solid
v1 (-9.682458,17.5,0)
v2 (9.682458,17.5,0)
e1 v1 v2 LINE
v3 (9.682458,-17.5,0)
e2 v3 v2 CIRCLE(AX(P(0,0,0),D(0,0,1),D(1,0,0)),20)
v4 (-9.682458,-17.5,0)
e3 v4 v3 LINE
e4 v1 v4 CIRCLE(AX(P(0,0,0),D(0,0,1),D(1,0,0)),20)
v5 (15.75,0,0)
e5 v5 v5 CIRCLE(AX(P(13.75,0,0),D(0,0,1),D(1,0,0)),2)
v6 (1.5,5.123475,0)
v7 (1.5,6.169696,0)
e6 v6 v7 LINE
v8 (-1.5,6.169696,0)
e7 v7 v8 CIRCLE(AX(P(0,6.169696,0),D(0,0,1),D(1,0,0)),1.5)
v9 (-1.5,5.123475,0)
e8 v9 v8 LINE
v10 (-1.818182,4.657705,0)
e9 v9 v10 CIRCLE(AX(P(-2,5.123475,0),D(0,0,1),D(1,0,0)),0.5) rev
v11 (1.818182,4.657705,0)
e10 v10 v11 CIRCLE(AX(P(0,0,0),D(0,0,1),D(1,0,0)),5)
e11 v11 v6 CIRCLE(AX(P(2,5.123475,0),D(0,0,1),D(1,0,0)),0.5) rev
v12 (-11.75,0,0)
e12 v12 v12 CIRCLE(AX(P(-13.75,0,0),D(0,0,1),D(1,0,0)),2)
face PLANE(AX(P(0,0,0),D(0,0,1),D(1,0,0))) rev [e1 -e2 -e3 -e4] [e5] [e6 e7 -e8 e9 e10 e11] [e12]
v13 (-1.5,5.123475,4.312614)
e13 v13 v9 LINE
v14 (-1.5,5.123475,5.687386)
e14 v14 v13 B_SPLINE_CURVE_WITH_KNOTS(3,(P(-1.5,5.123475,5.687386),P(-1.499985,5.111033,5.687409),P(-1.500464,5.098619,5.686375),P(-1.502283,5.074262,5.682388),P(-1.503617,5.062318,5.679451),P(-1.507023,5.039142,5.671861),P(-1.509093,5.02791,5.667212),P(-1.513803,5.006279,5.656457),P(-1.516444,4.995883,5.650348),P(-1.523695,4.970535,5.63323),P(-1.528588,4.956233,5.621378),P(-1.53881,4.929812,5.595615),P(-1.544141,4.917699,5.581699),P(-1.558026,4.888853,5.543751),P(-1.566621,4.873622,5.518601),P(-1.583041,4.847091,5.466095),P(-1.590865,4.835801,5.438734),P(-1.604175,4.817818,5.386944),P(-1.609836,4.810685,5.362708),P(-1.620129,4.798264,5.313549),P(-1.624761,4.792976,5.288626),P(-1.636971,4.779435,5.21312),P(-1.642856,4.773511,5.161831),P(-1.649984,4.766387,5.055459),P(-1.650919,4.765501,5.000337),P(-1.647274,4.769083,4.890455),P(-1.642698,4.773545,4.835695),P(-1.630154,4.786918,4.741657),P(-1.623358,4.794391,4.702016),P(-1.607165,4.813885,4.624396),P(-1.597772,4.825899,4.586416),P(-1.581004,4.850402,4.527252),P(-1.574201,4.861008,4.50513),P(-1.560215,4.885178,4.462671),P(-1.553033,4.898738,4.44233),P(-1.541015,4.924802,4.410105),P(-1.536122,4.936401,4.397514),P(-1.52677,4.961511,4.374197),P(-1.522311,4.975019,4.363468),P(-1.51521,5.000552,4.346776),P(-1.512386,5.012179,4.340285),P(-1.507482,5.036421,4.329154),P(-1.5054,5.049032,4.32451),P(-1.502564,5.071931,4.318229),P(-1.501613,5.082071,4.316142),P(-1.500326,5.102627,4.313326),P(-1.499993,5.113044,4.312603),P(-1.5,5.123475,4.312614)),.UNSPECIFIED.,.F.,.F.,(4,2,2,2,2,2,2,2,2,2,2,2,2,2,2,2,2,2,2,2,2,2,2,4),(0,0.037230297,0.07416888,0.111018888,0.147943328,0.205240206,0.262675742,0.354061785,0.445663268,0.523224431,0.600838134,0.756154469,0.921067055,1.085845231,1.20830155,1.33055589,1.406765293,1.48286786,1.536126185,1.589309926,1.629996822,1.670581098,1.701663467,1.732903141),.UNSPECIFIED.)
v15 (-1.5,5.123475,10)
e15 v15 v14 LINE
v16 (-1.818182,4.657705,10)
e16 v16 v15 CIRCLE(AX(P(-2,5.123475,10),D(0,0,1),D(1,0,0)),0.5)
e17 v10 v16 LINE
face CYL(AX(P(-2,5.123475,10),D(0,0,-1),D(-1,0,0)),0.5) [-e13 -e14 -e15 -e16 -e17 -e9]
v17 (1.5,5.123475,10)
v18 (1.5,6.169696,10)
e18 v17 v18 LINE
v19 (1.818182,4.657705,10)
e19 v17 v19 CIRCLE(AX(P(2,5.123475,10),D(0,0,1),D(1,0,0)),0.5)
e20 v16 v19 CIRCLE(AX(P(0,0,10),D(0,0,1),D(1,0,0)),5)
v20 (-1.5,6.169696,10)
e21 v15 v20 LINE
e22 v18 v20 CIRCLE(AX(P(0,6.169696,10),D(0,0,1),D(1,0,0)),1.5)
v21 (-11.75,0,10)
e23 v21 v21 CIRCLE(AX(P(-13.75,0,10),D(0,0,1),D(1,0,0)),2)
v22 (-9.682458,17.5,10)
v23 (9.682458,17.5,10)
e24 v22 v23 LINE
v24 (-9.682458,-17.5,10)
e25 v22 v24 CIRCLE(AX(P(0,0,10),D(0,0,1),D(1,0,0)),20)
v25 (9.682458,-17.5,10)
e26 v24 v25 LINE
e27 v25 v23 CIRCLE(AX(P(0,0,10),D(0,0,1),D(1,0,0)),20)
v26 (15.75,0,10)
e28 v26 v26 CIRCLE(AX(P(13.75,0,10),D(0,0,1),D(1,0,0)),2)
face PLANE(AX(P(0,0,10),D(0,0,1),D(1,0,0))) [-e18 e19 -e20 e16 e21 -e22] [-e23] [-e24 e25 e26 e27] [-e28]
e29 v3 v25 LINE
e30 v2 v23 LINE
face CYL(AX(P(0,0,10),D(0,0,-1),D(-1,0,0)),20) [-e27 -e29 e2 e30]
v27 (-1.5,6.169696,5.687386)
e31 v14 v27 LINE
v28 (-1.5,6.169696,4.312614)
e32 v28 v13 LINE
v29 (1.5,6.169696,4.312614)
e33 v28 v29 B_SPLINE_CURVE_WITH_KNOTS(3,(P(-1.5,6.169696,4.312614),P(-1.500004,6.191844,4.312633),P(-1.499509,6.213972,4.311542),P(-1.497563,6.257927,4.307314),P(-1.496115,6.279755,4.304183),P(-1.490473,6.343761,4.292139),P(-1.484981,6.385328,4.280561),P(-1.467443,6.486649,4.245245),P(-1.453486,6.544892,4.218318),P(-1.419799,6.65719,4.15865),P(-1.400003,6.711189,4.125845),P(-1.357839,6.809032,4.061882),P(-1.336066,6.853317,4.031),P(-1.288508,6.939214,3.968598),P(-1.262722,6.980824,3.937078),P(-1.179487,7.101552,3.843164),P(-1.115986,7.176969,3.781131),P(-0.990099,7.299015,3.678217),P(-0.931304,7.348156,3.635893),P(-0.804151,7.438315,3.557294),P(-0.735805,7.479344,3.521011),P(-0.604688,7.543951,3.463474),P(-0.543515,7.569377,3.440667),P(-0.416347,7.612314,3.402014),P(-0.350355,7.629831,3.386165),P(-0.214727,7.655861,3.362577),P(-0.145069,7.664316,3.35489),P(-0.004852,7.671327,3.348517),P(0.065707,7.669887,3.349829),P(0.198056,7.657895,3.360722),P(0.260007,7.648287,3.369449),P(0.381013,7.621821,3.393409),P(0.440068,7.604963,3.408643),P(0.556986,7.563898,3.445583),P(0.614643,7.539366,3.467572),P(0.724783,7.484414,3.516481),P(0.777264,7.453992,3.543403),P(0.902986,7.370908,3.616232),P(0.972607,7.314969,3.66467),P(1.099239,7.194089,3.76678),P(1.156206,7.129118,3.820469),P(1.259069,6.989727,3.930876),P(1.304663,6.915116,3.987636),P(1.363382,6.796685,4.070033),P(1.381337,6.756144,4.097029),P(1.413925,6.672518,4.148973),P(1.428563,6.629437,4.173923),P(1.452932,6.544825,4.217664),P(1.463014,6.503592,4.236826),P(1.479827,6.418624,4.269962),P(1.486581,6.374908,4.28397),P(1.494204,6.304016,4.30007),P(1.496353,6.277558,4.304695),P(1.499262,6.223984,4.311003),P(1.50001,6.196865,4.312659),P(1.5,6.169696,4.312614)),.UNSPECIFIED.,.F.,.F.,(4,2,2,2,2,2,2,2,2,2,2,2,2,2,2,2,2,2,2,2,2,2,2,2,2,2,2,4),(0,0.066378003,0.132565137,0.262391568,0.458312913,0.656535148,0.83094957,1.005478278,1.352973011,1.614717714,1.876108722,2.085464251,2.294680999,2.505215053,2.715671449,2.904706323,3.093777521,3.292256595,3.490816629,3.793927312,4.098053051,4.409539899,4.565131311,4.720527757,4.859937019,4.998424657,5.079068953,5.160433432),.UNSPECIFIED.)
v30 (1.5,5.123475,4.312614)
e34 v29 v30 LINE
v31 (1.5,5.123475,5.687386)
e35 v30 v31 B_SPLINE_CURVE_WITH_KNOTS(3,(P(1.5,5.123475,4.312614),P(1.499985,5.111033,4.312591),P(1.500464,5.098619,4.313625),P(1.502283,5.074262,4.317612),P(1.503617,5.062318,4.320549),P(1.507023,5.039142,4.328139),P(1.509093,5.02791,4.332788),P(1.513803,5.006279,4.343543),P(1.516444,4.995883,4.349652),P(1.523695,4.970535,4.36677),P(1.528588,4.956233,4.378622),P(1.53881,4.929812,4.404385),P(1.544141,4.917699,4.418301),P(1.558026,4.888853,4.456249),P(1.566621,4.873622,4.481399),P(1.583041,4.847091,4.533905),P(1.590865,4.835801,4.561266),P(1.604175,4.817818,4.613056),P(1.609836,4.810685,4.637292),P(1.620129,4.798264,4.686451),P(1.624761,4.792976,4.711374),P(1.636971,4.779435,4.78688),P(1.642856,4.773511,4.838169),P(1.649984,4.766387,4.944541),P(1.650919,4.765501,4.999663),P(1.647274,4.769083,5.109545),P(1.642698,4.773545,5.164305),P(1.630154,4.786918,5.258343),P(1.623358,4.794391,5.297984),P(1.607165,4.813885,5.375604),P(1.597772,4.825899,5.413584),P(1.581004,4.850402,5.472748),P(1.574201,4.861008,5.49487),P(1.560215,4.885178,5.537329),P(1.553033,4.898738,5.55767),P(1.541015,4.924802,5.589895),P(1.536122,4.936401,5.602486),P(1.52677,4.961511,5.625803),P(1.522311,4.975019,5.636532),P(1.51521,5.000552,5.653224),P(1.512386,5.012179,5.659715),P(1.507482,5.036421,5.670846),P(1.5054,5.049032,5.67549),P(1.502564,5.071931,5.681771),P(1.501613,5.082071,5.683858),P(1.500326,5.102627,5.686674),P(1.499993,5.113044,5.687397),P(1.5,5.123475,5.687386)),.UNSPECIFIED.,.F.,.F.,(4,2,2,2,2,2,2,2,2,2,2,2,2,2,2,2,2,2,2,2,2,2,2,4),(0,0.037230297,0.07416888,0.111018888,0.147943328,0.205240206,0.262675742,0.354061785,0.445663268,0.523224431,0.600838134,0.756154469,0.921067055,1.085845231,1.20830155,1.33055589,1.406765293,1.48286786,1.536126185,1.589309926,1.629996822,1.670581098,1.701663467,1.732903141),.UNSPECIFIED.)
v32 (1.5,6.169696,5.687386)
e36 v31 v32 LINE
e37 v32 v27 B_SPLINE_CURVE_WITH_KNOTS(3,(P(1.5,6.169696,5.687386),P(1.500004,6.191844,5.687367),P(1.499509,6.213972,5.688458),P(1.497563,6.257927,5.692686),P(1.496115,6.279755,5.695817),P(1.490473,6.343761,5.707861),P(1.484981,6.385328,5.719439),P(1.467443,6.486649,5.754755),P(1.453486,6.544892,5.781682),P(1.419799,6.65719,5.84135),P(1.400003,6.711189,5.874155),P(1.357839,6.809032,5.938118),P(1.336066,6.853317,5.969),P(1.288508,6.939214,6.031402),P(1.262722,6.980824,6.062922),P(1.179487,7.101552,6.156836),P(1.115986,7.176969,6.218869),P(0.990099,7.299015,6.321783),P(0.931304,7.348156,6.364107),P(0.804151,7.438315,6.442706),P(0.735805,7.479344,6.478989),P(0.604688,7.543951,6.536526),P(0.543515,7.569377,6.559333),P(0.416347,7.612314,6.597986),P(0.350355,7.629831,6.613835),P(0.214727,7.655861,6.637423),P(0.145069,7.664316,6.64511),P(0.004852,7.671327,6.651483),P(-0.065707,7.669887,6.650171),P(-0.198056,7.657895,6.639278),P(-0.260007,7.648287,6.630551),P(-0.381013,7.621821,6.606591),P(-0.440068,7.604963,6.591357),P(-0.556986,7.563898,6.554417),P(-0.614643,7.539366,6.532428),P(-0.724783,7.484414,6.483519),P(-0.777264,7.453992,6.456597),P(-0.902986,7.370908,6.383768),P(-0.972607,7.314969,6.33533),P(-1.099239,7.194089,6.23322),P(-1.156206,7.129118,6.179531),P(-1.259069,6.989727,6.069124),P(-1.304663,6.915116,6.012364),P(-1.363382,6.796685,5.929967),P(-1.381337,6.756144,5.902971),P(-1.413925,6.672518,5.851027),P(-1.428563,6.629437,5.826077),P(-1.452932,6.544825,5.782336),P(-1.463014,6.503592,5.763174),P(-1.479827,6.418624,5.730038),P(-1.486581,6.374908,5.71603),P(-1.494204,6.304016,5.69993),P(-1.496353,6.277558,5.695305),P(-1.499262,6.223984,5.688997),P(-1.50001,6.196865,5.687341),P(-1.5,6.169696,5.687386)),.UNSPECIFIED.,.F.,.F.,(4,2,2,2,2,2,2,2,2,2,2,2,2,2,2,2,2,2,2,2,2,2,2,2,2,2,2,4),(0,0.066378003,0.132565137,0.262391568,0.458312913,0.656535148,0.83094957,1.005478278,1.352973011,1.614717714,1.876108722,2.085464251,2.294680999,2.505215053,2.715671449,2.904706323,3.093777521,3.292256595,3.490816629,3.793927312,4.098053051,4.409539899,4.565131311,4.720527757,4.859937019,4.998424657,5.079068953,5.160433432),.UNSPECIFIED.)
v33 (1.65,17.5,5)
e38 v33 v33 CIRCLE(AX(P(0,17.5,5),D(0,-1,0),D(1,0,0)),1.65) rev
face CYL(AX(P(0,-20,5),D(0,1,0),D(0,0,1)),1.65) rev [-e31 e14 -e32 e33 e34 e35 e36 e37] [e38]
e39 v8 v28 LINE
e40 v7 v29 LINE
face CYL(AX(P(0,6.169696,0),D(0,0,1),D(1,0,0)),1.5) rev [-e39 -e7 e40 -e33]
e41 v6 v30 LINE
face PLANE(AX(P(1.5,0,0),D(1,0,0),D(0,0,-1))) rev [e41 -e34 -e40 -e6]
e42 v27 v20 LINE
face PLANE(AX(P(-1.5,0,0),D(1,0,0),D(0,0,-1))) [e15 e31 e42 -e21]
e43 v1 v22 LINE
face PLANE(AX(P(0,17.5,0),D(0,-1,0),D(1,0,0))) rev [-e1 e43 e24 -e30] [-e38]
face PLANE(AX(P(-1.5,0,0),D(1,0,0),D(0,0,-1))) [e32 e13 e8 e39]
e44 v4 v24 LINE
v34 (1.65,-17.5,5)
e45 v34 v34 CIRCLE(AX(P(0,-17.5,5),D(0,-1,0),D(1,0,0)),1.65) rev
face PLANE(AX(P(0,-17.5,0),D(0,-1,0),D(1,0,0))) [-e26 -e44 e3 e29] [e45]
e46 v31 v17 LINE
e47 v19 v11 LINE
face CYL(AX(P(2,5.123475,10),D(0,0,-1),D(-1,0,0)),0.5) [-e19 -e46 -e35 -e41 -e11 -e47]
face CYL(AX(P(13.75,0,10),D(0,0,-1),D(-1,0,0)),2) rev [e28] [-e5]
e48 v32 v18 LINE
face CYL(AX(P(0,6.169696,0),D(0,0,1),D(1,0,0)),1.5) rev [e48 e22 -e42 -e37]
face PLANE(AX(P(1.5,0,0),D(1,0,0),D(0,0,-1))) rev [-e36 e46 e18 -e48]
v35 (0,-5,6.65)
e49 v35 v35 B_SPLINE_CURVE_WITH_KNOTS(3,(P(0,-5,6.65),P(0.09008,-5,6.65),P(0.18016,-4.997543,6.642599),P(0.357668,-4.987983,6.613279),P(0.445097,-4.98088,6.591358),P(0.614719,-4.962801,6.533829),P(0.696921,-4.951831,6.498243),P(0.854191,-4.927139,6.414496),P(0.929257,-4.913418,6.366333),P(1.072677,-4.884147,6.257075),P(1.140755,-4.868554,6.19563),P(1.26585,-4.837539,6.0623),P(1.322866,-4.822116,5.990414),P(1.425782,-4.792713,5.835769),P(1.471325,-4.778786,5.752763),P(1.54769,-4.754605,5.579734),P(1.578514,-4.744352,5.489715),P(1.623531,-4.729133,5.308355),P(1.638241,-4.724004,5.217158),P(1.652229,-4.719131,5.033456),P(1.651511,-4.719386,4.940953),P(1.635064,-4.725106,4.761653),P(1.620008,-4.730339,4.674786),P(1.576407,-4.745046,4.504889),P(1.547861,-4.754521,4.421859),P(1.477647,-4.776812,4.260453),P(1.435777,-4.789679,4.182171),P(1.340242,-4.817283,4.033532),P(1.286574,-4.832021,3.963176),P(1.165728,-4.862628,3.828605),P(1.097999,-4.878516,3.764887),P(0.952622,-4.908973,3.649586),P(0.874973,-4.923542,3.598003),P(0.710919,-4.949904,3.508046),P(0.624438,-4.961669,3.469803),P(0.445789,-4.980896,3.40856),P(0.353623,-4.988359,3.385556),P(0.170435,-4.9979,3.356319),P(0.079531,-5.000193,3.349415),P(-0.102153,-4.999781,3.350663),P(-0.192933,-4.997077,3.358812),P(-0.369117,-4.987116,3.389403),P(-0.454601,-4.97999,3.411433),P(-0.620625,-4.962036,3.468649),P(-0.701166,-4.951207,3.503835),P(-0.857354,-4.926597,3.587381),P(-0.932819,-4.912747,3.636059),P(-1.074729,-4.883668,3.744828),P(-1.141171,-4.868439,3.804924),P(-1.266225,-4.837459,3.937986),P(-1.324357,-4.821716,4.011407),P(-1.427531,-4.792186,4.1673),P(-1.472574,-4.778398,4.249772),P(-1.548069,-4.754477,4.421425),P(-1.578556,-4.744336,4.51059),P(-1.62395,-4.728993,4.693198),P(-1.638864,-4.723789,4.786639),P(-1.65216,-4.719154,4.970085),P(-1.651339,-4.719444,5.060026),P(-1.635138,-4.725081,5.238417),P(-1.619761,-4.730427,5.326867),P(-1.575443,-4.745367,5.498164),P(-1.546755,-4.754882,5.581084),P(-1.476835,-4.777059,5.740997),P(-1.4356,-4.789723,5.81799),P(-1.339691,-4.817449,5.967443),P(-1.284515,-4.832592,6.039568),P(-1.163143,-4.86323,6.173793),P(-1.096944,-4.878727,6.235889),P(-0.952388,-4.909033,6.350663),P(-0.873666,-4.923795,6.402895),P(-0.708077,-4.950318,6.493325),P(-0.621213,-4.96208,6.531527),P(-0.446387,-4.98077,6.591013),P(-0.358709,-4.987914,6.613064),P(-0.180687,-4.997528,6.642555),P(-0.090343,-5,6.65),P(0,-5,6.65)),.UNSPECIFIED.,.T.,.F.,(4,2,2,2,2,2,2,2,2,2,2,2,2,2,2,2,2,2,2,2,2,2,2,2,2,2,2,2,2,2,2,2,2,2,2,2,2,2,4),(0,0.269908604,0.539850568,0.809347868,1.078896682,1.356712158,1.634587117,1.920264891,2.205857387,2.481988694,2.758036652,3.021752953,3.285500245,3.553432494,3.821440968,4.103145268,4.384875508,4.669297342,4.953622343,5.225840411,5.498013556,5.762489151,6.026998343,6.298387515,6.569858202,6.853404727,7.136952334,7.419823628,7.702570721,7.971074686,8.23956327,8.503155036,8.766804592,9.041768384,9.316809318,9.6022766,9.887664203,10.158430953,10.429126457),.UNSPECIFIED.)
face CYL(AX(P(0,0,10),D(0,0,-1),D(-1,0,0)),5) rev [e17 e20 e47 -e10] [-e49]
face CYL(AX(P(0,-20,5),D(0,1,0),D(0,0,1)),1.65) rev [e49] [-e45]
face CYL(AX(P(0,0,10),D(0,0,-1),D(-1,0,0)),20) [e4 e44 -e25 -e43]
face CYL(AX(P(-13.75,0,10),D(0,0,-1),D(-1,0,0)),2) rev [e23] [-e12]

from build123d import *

# Parameters (mm, degrees)
SKETCH_1_R               = 20
SKETCH_1_R_2             = 5
SKETCH_1_R_3             = 1.9999999999999996
SKETCH_1_R_4             = 2.0000000000000013
EXTRUDE_1_DEPTH          = 10
CUT_EXTRUDE_1_DEPTH      = 31
CUT_EXTRUDE_1_DEPTH_BACK = 31
SKETCH_2_R               = 1.6500000000000001
CUT_EXTRUDE_2_DEPTH      = 31.00000018509541
CUT_EXTRUDE_3_DEPTH      = 31.00000018509541
FILLET_1_R               = 0.5


with BuildPart() as part:
    # ｽｹｯﾁ1 → ﾎﾞｽ - 押し出し1 (new body)
    with BuildSketch(Plane.XY):
        Circle(SKETCH_1_R)
        Circle(SKETCH_1_R_2, mode=Mode.SUBTRACT)
        with Locations((-13.75, 0)):
            Circle(SKETCH_1_R_3, mode=Mode.SUBTRACT)
        with Locations((13.75, 0)):
            Circle(SKETCH_1_R_4, mode=Mode.SUBTRACT)
    extrude(amount=EXTRUDE_1_DEPTH)

    # ｽｹｯﾁ2 → ｶｯﾄ - 押し出し1 (cut, two sides: drawn at the far end of the back side and taken through both)
    with BuildSketch(Plane(origin=(0, 0, 0), x_dir=(1, 0, 0), z_dir=(0, 1, 0)).offset(-CUT_EXTRUDE_1_DEPTH_BACK)):
        with Locations(Location((0, -5, 0), (0, 0, 270))):
            Circle(SKETCH_2_R)
    extrude(amount=CUT_EXTRUDE_1_DEPTH + CUT_EXTRUDE_1_DEPTH_BACK, mode=Mode.SUBTRACT)

    # ｽｹｯﾁ3 → ｶｯﾄ - 押し出し2 (cut, through all)
    with BuildSketch(Plane.XY.offset(10)):
        with BuildLine():
            ThreePointArc((-0.8423325125714249, 4.928536896307575), (-0.42267926283542223, 4.982102190919903), (-8.296e-14, 5))
            Line((0, 5), (0, 6.169696007084729))
            Line((0, 6.169696007084729), (-1.5, 6.169696007084729))
            ThreePointArc((-1.5000000000000002, 6.169696007084729), (-1.3254242280977697, 5.4673779768652055), (-0.8423325125714237, 4.928536896307585))
        make_face()
        with BuildLine():
            Line((0, 6.169696007084729), (0, 5))
            ThreePointArc((-8.296e-14, 5), (0.42267926283533985, 4.982102190919911), (0.8423325125714245, 4.928536896307575))
            ThreePointArc((0.8423325125714223, 4.928536896307583), (1.325424228097769, 5.467377976865205), (1.5000000000000002, 6.169696007084729))
            Line((1.5, 6.169696007084729), (0, 6.169696007084729))
        make_face()
        with BuildLine():
            Line((-1.5, 6.169696007084729), (0, 6.169696007084729))
            Line((0, 6.169696007084729), (0, 7.669696007084729))
            ThreePointArc((1.974e-14, 7.669696007084729), (-1.0606601717798143, 7.230356178864558), (-1.5000000000000002, 6.169696007084729))
        make_face()
        with BuildLine():
            Line((0, 7.669696007084729), (0, 6.169696007084729))
            Line((0, 6.169696007084729), (1.5, 6.169696007084729))
            ThreePointArc((1.5000000000000002, 6.169696007084729), (1.0606601717798283, 7.230356178864544), (1.941e-14, 7.669696007084729))
        make_face()
        with BuildLine():
            Line((-1.5, 6.169696007084729), (0, 6.169696007084729))
            Line((0, 6.169696007084729), (0, 7.669696007084729))
            ThreePointArc((1.974e-14, 7.669696007084729), (-1.0606601717798143, 7.230356178864558), (-1.5000000000000002, 6.169696007084729))
        make_face()
        with BuildLine():
            Line((0, 7.669696007084729), (0, 6.169696007084729))
            Line((0, 6.169696007084729), (1.5, 6.169696007084729))
            ThreePointArc((1.5000000000000002, 6.169696007084729), (1.0606601717798283, 7.230356178864544), (1.941e-14, 7.669696007084729))
        make_face()
        with BuildLine():
            ThreePointArc((0.8423325125714245, 4.928536896307575), (1.173856041806049, 4.860253284872655), (1.4999999999999996, 4.769696007084728))
            Line((1.5, 4.769696007084729), (1.5, 6.169696007084729))
            ThreePointArc((1.5000000000000002, 6.169696007084729), (1.325424228097769, 5.467377976865205), (0.8423325125714223, 4.928536896307583))
        make_face()
        with BuildLine():
            ThreePointArc((-0.8423325125714249, 4.928536896307575), (-0.42267926283542223, 4.982102190919903), (-8.296e-14, 5))
            Line((0, 5), (0, 6.169696007084729))
            Line((0, 6.169696007084729), (-1.5, 6.169696007084729))
            ThreePointArc((-1.5000000000000002, 6.169696007084729), (-1.3254242280977697, 5.4673779768652055), (-0.8423325125714237, 4.928536896307585))
        make_face()
        with BuildLine():
            Line((0, 6.169696007084729), (0, 5))
            ThreePointArc((-8.296e-14, 5), (0.42267926283533985, 4.982102190919911), (0.8423325125714245, 4.928536896307575))
            ThreePointArc((0.8423325125714223, 4.928536896307583), (1.325424228097769, 5.467377976865205), (1.5000000000000002, 6.169696007084729))
            Line((1.5, 6.169696007084729), (0, 6.169696007084729))
        make_face()
        with BuildLine():
            Line((-1.5, 6.169696007084729), (-1.5, 4.769696007084729))
            ThreePointArc((-1.5, 4.769696007084728), (-1.1738560418060509, 4.8602532848726545), (-0.8423325125714249, 4.928536896307575))
            ThreePointArc((-0.8423325125714237, 4.928536896307585), (-1.3254242280977697, 5.4673779768652055), (-1.5000000000000002, 6.169696007084729))
        make_face()
    extrude(amount=-CUT_EXTRUDE_2_DEPTH, mode=Mode.SUBTRACT)

    # ｽｹｯﾁ4 → ｶｯﾄ - 押し出し3 (cut, through all)
    with BuildSketch(Plane.XY.offset(10)):
        with BuildLine():
            ThreePointArc((9.68245836551855, 17.499999999999996), (1.22e-15, 20), (-9.682458365518547, 17.499999999999996))
            Line((-9.682458365518546, 17.499999999999996), (9.68245836551855, 17.499999999999996))
        make_face()
        with BuildLine():
            Line((9.68245836551855, -17.499999999999996), (-9.682458365518546, -17.499999999999996))
            ThreePointArc((-9.682458365518551, -17.499999999999996), (-3.67e-15, -20), (9.682458365518546, -17.499999999999996))
        make_face()
    extrude(amount=-CUT_EXTRUDE_3_DEPTH, mode=Mode.SUBTRACT)

    # ﾌｨﾚｯﾄ1
    fillet_1_edges = [part.edges().sort_by_distance(p)[0] for p in [
        (1.4999999999999998, 4.769696007084728, 7.843693197647017),
        (-1.5, 4.769696007084729, 7.843693197355676),
    ]]
    fillet(fillet_1_edges, radius=FILLET_1_R)


solid = part.part
